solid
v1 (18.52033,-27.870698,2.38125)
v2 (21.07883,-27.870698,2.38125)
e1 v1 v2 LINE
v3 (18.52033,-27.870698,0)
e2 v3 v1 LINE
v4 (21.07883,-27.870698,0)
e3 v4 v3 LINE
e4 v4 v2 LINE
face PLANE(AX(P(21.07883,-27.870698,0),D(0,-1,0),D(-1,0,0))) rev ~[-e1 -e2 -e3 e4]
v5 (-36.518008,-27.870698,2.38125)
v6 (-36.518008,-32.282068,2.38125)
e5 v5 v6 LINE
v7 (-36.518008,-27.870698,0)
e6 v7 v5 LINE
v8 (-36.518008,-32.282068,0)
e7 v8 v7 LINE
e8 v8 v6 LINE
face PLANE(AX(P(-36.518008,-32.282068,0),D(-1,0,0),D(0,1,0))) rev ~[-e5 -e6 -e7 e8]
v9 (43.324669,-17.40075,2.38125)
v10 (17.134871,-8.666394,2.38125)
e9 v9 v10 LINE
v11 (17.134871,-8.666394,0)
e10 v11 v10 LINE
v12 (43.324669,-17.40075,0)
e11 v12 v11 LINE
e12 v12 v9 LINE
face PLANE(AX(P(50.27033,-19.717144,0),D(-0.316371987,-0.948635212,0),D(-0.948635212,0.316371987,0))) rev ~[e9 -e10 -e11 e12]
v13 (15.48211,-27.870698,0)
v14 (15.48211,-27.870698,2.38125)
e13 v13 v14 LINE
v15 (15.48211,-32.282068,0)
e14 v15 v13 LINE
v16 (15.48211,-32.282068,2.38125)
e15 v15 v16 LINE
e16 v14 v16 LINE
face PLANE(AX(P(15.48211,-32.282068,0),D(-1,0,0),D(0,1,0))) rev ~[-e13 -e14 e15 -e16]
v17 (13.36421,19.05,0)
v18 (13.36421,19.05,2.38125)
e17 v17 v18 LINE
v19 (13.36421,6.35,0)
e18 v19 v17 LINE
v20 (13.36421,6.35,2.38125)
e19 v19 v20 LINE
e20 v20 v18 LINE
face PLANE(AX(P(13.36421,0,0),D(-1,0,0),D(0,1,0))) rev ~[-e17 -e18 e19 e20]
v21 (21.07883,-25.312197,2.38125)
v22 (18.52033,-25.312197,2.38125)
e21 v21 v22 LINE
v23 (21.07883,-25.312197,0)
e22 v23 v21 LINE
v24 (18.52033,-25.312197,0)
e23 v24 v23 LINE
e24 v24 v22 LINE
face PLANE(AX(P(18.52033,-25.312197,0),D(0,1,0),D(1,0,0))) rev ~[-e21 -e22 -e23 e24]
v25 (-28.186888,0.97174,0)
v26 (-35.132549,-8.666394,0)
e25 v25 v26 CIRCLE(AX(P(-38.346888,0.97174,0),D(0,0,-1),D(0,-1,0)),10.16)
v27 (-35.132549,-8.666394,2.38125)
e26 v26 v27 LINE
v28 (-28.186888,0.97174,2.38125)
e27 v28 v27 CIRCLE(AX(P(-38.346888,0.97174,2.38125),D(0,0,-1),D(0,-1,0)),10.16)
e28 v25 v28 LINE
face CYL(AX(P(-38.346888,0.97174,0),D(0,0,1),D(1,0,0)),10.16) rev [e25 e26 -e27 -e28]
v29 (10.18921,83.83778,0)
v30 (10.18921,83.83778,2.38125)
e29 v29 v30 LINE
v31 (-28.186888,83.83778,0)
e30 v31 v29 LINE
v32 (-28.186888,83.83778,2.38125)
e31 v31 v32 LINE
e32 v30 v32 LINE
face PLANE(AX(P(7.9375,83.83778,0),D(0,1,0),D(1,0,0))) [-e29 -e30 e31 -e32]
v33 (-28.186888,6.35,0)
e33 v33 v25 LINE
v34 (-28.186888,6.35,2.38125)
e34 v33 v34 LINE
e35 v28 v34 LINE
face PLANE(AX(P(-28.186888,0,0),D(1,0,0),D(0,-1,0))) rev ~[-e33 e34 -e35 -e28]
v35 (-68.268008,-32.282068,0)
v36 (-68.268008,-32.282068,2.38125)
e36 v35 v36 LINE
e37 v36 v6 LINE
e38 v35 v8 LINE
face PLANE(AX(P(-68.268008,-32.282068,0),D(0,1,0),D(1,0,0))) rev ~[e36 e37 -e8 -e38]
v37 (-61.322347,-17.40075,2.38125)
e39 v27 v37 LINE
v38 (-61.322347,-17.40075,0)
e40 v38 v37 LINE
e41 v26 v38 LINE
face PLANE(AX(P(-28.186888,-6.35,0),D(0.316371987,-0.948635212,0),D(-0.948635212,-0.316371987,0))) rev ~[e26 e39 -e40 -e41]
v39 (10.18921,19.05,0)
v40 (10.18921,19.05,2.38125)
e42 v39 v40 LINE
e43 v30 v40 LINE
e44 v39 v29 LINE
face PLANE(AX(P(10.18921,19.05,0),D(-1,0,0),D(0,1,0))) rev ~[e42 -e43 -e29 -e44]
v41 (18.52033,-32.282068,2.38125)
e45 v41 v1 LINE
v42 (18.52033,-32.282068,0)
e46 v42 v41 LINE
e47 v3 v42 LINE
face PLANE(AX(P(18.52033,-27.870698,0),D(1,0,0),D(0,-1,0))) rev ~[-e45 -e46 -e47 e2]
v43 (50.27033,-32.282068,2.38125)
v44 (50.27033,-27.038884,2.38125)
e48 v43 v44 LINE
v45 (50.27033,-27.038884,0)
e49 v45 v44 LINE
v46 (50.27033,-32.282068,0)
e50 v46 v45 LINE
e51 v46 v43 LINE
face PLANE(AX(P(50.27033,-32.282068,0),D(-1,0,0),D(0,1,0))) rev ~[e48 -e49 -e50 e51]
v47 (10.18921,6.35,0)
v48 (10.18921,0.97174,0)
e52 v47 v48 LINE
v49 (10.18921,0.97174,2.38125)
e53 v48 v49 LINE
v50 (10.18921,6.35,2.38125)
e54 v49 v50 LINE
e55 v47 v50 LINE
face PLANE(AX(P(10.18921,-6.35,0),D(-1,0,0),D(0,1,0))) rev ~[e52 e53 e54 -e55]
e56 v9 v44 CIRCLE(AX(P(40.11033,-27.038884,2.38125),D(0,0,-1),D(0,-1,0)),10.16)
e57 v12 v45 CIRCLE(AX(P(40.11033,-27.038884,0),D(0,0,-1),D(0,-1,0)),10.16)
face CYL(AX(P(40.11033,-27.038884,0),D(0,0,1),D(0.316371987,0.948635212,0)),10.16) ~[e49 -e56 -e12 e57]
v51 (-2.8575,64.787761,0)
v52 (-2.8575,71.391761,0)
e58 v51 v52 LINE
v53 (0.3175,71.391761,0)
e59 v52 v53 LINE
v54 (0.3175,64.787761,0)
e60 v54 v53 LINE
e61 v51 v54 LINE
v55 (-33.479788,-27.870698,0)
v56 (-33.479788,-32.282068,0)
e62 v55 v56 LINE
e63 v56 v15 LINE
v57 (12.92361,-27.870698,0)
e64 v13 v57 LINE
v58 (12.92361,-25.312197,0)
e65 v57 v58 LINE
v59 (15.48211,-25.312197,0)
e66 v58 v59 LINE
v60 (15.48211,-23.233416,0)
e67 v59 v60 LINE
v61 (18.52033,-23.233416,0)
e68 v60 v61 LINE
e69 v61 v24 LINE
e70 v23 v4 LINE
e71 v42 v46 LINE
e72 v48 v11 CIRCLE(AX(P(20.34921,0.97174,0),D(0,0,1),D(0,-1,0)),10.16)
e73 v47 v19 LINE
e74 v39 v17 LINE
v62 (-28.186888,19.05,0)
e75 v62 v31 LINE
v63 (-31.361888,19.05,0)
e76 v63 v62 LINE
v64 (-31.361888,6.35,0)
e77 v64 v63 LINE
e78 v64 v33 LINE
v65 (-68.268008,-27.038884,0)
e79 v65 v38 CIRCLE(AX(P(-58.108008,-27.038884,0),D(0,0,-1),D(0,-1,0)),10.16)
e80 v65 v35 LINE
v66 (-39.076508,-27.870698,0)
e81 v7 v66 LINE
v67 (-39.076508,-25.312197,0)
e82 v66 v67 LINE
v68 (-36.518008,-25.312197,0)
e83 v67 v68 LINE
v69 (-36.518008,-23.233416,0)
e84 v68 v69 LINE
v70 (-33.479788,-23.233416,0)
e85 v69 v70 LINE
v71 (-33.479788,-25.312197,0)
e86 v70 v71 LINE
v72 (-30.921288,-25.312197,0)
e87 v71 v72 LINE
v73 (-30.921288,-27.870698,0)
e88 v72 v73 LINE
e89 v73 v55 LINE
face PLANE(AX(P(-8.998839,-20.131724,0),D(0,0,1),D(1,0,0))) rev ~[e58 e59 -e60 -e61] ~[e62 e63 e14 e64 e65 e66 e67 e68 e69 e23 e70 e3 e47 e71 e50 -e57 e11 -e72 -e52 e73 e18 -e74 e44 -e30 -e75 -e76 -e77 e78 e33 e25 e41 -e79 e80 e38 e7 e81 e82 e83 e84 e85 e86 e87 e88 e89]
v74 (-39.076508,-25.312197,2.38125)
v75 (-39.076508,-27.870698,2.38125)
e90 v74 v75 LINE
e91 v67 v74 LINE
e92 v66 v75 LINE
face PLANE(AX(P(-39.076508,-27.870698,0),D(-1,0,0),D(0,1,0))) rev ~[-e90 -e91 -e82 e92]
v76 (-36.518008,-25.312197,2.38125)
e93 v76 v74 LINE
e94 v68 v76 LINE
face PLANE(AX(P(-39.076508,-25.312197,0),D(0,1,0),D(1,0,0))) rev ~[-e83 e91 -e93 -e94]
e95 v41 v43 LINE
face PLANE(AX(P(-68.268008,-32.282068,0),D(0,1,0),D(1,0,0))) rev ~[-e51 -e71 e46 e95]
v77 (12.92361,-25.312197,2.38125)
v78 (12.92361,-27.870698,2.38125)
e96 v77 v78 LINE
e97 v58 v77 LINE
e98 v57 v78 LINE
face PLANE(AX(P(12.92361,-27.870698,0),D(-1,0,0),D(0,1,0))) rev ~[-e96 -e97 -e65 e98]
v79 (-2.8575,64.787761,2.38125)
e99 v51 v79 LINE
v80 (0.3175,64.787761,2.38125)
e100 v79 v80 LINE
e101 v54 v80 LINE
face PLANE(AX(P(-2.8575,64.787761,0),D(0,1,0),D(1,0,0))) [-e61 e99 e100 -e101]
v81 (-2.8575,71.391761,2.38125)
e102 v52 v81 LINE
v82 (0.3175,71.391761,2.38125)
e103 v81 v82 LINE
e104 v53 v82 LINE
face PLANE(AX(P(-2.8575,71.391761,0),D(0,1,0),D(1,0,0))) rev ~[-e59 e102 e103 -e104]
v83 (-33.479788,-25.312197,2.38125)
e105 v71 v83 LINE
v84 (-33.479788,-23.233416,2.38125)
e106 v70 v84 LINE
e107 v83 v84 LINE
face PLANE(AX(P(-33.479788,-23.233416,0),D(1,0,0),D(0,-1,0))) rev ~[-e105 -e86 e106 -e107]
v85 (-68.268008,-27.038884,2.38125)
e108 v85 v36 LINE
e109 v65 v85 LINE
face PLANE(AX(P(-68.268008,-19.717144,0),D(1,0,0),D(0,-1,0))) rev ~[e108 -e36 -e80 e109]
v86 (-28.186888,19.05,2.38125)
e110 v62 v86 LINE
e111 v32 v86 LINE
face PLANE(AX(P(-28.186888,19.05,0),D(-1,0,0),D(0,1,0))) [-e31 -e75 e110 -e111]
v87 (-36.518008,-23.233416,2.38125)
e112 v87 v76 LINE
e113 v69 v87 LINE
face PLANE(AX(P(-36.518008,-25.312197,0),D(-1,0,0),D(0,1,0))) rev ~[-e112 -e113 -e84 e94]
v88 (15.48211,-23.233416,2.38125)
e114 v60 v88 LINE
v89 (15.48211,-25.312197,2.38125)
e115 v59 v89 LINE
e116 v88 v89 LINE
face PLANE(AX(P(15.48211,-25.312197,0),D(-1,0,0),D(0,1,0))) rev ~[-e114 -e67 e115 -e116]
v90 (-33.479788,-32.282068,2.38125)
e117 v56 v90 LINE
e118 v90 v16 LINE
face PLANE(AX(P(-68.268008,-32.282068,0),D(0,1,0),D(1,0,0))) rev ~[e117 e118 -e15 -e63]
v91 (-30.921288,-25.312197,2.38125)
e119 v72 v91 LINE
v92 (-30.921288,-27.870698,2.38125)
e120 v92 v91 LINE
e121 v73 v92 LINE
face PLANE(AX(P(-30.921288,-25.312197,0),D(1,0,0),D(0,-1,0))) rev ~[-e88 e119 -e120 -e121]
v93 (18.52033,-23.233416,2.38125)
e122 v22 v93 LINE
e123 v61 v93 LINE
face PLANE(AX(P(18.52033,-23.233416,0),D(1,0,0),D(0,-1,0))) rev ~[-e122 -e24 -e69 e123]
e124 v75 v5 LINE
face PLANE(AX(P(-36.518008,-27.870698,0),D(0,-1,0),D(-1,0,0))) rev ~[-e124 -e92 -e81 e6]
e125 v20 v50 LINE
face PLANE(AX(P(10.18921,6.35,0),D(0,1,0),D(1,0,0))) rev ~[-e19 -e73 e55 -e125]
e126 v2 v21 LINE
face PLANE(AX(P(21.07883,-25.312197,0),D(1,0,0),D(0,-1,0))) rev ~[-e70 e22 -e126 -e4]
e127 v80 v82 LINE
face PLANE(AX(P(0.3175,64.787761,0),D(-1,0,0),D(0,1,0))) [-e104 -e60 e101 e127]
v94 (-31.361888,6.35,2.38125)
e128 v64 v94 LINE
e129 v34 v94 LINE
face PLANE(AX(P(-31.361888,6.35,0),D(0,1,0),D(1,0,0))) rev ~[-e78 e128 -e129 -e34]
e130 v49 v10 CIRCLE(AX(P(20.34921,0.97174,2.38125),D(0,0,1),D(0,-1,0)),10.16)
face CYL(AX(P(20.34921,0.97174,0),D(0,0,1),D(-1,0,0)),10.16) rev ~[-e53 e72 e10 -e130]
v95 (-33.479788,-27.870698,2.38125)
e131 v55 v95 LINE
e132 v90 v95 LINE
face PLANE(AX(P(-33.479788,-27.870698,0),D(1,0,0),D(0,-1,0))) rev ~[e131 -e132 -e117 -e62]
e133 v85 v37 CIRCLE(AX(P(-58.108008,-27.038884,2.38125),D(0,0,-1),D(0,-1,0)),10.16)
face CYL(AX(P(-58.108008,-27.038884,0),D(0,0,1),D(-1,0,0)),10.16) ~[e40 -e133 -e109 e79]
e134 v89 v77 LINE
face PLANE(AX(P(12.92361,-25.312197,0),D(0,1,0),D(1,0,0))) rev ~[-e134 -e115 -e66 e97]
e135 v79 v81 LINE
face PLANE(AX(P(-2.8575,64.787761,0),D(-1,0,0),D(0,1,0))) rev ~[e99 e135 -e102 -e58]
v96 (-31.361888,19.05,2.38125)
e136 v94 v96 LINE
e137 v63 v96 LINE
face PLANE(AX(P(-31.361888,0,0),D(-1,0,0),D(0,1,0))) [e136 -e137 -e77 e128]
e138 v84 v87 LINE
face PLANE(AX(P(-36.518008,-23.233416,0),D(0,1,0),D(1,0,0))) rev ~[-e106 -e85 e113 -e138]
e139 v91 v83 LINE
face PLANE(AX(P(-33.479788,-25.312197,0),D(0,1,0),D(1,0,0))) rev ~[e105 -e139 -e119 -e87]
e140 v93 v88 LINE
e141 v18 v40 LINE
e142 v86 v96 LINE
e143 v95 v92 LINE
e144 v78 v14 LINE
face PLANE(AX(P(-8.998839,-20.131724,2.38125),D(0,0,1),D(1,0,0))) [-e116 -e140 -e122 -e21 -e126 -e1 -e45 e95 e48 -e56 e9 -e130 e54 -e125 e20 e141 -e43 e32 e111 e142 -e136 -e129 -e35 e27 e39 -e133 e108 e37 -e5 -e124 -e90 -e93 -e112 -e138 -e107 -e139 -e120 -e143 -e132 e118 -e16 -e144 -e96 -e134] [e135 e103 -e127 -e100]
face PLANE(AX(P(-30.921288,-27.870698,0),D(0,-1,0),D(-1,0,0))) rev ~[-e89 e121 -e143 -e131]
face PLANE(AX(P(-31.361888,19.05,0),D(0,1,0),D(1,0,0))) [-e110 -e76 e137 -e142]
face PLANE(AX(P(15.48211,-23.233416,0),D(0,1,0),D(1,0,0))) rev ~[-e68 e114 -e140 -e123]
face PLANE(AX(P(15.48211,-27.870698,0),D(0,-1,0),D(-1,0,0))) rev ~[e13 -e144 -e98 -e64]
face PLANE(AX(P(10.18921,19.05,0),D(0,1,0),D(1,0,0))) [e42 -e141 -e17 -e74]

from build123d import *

# Parameters (mm, degrees)
SKETCH1_W           = 15.875
SKETCH1_H           = 83.83778
SKETCH1_W_2         = 3.175
SKETCH1_H_2         = 6.604
BOSS_EXTRUDE1_DEPTH = 2.38125
SKETCH2_W           = 5.42671
SKETCH2_H           = 83.83778
SKETCH2_W_2         = 23.424388
BOSS_EXTRUDE2_DEPTH = 2.38125
SKETCH3_W           = 3.175
SKETCH3_H           = 64.78778
SKETCH3_H_2         = 6.35
CUT_EXTRUDE2_DEPTH  = 90.543351098
BOSS_EXTRUDE4_DEPTH = 2.38125
FILLET1_R           = 10.16
CUT_EXTRUDE5_DEPTH  = 109.143259408


with BuildPart() as part:
    # Sketch1 → Boss-Extrude1 (new body)
    with BuildSketch(Plane.XY):
        with Locations((0, 41.91889)):
            Rectangle(SKETCH1_W, SKETCH1_H)
        with Locations((-1.27, 68.08976095)):
            Rectangle(SKETCH1_W_2, SKETCH1_H_2, mode=Mode.SUBTRACT)
    extrude(amount=BOSS_EXTRUDE1_DEPTH)

    # Sketch2 → Boss-Extrude2 (add)
    with BuildSketch(Plane.XY):
        with Locations((10.650855, 41.91889)):
            Rectangle(SKETCH2_W, SKETCH2_H)
        with Locations((-19.649694, 41.91889)):
            Rectangle(SKETCH2_W_2, SKETCH2_H)
    extrude(amount=BOSS_EXTRUDE2_DEPTH)

    # Sketch3 → Cut-Extrude2 (cut, through all)
    with BuildSketch(Plane.XY):
        with Locations((-29.774388, 51.44389)):
            Rectangle(SKETCH3_W, SKETCH3_H)
        with Locations((11.77671, 51.44389)):
            Rectangle(SKETCH3_W, SKETCH3_H)
        with Locations((-29.774388, 3.175)):
            Rectangle(SKETCH3_W, SKETCH3_H_2)
        with Locations((11.77671, 3.175)):
            Rectangle(SKETCH3_W, SKETCH3_H_2)
    extrude(amount=CUT_EXTRUDE2_DEPTH, mode=Mode.SUBTRACT)

    # Sketch5 → Boss-Extrude4 (add)
    with BuildSketch(Plane.XY):
        Polygon((-28.186888, 0), (-28.186888, -6.35), (-68.268007503, -19.717143922), (-68.268007503, -32.282068045), (50.270329503, -32.282068045), (50.270329503, -19.717143922), (10.18921, -6.35), (10.18921, 0), align=None)
    extrude(amount=BOSS_EXTRUDE4_DEPTH)

    # Fillet1
    fillet1_edges = [part.edges().sort_by_distance(p)[0] for p in [
        (-28.186888, -6.35, 1.190625),
        (-68.268007503, -19.717143922, 1.190625),
        (50.270329503, -19.717143922, 1.190625),
        (10.18921, -6.35, 1.190625),
    ]]
    fillet(fillet1_edges, radius=FILLET1_R)

    # Sketch6 → Cut-Extrude5 (cut, through all)
    with BuildSketch(Plane.XY):
        Polygon((-36.518007503, -32.282068045), (-36.518007503, -27.870697677), (-39.076507827, -27.870697677), (-39.076507827, -25.312197354), (-36.518007503, -25.312197354), (-36.518007503, -23.233415841), (-33.479788369, -23.233415841), (-33.479788369, -25.312197354), (-30.921288046, -25.312197354), (-30.921288046, -27.870697677), (-33.479788369, -27.870697677), (-33.479788369, -32.282068045), align=None)
        Polygon((15.482110369, -32.282068045), (15.482110369, -27.870697677), (12.923610046, -27.870697677), (12.923610046, -25.312197354), (15.482110369, -25.312197354), (15.482110369, -23.233415841), (18.520329503, -23.233415841), (18.520329503, -25.312197354), (21.078829827, -25.312197354), (21.078829827, -27.870697677), (18.520329503, -27.870697677), (18.520329503, -32.282068045), align=None)
    extrude(amount=CUT_EXTRUDE5_DEPTH, mode=Mode.SUBTRACT)


solid = part.part
